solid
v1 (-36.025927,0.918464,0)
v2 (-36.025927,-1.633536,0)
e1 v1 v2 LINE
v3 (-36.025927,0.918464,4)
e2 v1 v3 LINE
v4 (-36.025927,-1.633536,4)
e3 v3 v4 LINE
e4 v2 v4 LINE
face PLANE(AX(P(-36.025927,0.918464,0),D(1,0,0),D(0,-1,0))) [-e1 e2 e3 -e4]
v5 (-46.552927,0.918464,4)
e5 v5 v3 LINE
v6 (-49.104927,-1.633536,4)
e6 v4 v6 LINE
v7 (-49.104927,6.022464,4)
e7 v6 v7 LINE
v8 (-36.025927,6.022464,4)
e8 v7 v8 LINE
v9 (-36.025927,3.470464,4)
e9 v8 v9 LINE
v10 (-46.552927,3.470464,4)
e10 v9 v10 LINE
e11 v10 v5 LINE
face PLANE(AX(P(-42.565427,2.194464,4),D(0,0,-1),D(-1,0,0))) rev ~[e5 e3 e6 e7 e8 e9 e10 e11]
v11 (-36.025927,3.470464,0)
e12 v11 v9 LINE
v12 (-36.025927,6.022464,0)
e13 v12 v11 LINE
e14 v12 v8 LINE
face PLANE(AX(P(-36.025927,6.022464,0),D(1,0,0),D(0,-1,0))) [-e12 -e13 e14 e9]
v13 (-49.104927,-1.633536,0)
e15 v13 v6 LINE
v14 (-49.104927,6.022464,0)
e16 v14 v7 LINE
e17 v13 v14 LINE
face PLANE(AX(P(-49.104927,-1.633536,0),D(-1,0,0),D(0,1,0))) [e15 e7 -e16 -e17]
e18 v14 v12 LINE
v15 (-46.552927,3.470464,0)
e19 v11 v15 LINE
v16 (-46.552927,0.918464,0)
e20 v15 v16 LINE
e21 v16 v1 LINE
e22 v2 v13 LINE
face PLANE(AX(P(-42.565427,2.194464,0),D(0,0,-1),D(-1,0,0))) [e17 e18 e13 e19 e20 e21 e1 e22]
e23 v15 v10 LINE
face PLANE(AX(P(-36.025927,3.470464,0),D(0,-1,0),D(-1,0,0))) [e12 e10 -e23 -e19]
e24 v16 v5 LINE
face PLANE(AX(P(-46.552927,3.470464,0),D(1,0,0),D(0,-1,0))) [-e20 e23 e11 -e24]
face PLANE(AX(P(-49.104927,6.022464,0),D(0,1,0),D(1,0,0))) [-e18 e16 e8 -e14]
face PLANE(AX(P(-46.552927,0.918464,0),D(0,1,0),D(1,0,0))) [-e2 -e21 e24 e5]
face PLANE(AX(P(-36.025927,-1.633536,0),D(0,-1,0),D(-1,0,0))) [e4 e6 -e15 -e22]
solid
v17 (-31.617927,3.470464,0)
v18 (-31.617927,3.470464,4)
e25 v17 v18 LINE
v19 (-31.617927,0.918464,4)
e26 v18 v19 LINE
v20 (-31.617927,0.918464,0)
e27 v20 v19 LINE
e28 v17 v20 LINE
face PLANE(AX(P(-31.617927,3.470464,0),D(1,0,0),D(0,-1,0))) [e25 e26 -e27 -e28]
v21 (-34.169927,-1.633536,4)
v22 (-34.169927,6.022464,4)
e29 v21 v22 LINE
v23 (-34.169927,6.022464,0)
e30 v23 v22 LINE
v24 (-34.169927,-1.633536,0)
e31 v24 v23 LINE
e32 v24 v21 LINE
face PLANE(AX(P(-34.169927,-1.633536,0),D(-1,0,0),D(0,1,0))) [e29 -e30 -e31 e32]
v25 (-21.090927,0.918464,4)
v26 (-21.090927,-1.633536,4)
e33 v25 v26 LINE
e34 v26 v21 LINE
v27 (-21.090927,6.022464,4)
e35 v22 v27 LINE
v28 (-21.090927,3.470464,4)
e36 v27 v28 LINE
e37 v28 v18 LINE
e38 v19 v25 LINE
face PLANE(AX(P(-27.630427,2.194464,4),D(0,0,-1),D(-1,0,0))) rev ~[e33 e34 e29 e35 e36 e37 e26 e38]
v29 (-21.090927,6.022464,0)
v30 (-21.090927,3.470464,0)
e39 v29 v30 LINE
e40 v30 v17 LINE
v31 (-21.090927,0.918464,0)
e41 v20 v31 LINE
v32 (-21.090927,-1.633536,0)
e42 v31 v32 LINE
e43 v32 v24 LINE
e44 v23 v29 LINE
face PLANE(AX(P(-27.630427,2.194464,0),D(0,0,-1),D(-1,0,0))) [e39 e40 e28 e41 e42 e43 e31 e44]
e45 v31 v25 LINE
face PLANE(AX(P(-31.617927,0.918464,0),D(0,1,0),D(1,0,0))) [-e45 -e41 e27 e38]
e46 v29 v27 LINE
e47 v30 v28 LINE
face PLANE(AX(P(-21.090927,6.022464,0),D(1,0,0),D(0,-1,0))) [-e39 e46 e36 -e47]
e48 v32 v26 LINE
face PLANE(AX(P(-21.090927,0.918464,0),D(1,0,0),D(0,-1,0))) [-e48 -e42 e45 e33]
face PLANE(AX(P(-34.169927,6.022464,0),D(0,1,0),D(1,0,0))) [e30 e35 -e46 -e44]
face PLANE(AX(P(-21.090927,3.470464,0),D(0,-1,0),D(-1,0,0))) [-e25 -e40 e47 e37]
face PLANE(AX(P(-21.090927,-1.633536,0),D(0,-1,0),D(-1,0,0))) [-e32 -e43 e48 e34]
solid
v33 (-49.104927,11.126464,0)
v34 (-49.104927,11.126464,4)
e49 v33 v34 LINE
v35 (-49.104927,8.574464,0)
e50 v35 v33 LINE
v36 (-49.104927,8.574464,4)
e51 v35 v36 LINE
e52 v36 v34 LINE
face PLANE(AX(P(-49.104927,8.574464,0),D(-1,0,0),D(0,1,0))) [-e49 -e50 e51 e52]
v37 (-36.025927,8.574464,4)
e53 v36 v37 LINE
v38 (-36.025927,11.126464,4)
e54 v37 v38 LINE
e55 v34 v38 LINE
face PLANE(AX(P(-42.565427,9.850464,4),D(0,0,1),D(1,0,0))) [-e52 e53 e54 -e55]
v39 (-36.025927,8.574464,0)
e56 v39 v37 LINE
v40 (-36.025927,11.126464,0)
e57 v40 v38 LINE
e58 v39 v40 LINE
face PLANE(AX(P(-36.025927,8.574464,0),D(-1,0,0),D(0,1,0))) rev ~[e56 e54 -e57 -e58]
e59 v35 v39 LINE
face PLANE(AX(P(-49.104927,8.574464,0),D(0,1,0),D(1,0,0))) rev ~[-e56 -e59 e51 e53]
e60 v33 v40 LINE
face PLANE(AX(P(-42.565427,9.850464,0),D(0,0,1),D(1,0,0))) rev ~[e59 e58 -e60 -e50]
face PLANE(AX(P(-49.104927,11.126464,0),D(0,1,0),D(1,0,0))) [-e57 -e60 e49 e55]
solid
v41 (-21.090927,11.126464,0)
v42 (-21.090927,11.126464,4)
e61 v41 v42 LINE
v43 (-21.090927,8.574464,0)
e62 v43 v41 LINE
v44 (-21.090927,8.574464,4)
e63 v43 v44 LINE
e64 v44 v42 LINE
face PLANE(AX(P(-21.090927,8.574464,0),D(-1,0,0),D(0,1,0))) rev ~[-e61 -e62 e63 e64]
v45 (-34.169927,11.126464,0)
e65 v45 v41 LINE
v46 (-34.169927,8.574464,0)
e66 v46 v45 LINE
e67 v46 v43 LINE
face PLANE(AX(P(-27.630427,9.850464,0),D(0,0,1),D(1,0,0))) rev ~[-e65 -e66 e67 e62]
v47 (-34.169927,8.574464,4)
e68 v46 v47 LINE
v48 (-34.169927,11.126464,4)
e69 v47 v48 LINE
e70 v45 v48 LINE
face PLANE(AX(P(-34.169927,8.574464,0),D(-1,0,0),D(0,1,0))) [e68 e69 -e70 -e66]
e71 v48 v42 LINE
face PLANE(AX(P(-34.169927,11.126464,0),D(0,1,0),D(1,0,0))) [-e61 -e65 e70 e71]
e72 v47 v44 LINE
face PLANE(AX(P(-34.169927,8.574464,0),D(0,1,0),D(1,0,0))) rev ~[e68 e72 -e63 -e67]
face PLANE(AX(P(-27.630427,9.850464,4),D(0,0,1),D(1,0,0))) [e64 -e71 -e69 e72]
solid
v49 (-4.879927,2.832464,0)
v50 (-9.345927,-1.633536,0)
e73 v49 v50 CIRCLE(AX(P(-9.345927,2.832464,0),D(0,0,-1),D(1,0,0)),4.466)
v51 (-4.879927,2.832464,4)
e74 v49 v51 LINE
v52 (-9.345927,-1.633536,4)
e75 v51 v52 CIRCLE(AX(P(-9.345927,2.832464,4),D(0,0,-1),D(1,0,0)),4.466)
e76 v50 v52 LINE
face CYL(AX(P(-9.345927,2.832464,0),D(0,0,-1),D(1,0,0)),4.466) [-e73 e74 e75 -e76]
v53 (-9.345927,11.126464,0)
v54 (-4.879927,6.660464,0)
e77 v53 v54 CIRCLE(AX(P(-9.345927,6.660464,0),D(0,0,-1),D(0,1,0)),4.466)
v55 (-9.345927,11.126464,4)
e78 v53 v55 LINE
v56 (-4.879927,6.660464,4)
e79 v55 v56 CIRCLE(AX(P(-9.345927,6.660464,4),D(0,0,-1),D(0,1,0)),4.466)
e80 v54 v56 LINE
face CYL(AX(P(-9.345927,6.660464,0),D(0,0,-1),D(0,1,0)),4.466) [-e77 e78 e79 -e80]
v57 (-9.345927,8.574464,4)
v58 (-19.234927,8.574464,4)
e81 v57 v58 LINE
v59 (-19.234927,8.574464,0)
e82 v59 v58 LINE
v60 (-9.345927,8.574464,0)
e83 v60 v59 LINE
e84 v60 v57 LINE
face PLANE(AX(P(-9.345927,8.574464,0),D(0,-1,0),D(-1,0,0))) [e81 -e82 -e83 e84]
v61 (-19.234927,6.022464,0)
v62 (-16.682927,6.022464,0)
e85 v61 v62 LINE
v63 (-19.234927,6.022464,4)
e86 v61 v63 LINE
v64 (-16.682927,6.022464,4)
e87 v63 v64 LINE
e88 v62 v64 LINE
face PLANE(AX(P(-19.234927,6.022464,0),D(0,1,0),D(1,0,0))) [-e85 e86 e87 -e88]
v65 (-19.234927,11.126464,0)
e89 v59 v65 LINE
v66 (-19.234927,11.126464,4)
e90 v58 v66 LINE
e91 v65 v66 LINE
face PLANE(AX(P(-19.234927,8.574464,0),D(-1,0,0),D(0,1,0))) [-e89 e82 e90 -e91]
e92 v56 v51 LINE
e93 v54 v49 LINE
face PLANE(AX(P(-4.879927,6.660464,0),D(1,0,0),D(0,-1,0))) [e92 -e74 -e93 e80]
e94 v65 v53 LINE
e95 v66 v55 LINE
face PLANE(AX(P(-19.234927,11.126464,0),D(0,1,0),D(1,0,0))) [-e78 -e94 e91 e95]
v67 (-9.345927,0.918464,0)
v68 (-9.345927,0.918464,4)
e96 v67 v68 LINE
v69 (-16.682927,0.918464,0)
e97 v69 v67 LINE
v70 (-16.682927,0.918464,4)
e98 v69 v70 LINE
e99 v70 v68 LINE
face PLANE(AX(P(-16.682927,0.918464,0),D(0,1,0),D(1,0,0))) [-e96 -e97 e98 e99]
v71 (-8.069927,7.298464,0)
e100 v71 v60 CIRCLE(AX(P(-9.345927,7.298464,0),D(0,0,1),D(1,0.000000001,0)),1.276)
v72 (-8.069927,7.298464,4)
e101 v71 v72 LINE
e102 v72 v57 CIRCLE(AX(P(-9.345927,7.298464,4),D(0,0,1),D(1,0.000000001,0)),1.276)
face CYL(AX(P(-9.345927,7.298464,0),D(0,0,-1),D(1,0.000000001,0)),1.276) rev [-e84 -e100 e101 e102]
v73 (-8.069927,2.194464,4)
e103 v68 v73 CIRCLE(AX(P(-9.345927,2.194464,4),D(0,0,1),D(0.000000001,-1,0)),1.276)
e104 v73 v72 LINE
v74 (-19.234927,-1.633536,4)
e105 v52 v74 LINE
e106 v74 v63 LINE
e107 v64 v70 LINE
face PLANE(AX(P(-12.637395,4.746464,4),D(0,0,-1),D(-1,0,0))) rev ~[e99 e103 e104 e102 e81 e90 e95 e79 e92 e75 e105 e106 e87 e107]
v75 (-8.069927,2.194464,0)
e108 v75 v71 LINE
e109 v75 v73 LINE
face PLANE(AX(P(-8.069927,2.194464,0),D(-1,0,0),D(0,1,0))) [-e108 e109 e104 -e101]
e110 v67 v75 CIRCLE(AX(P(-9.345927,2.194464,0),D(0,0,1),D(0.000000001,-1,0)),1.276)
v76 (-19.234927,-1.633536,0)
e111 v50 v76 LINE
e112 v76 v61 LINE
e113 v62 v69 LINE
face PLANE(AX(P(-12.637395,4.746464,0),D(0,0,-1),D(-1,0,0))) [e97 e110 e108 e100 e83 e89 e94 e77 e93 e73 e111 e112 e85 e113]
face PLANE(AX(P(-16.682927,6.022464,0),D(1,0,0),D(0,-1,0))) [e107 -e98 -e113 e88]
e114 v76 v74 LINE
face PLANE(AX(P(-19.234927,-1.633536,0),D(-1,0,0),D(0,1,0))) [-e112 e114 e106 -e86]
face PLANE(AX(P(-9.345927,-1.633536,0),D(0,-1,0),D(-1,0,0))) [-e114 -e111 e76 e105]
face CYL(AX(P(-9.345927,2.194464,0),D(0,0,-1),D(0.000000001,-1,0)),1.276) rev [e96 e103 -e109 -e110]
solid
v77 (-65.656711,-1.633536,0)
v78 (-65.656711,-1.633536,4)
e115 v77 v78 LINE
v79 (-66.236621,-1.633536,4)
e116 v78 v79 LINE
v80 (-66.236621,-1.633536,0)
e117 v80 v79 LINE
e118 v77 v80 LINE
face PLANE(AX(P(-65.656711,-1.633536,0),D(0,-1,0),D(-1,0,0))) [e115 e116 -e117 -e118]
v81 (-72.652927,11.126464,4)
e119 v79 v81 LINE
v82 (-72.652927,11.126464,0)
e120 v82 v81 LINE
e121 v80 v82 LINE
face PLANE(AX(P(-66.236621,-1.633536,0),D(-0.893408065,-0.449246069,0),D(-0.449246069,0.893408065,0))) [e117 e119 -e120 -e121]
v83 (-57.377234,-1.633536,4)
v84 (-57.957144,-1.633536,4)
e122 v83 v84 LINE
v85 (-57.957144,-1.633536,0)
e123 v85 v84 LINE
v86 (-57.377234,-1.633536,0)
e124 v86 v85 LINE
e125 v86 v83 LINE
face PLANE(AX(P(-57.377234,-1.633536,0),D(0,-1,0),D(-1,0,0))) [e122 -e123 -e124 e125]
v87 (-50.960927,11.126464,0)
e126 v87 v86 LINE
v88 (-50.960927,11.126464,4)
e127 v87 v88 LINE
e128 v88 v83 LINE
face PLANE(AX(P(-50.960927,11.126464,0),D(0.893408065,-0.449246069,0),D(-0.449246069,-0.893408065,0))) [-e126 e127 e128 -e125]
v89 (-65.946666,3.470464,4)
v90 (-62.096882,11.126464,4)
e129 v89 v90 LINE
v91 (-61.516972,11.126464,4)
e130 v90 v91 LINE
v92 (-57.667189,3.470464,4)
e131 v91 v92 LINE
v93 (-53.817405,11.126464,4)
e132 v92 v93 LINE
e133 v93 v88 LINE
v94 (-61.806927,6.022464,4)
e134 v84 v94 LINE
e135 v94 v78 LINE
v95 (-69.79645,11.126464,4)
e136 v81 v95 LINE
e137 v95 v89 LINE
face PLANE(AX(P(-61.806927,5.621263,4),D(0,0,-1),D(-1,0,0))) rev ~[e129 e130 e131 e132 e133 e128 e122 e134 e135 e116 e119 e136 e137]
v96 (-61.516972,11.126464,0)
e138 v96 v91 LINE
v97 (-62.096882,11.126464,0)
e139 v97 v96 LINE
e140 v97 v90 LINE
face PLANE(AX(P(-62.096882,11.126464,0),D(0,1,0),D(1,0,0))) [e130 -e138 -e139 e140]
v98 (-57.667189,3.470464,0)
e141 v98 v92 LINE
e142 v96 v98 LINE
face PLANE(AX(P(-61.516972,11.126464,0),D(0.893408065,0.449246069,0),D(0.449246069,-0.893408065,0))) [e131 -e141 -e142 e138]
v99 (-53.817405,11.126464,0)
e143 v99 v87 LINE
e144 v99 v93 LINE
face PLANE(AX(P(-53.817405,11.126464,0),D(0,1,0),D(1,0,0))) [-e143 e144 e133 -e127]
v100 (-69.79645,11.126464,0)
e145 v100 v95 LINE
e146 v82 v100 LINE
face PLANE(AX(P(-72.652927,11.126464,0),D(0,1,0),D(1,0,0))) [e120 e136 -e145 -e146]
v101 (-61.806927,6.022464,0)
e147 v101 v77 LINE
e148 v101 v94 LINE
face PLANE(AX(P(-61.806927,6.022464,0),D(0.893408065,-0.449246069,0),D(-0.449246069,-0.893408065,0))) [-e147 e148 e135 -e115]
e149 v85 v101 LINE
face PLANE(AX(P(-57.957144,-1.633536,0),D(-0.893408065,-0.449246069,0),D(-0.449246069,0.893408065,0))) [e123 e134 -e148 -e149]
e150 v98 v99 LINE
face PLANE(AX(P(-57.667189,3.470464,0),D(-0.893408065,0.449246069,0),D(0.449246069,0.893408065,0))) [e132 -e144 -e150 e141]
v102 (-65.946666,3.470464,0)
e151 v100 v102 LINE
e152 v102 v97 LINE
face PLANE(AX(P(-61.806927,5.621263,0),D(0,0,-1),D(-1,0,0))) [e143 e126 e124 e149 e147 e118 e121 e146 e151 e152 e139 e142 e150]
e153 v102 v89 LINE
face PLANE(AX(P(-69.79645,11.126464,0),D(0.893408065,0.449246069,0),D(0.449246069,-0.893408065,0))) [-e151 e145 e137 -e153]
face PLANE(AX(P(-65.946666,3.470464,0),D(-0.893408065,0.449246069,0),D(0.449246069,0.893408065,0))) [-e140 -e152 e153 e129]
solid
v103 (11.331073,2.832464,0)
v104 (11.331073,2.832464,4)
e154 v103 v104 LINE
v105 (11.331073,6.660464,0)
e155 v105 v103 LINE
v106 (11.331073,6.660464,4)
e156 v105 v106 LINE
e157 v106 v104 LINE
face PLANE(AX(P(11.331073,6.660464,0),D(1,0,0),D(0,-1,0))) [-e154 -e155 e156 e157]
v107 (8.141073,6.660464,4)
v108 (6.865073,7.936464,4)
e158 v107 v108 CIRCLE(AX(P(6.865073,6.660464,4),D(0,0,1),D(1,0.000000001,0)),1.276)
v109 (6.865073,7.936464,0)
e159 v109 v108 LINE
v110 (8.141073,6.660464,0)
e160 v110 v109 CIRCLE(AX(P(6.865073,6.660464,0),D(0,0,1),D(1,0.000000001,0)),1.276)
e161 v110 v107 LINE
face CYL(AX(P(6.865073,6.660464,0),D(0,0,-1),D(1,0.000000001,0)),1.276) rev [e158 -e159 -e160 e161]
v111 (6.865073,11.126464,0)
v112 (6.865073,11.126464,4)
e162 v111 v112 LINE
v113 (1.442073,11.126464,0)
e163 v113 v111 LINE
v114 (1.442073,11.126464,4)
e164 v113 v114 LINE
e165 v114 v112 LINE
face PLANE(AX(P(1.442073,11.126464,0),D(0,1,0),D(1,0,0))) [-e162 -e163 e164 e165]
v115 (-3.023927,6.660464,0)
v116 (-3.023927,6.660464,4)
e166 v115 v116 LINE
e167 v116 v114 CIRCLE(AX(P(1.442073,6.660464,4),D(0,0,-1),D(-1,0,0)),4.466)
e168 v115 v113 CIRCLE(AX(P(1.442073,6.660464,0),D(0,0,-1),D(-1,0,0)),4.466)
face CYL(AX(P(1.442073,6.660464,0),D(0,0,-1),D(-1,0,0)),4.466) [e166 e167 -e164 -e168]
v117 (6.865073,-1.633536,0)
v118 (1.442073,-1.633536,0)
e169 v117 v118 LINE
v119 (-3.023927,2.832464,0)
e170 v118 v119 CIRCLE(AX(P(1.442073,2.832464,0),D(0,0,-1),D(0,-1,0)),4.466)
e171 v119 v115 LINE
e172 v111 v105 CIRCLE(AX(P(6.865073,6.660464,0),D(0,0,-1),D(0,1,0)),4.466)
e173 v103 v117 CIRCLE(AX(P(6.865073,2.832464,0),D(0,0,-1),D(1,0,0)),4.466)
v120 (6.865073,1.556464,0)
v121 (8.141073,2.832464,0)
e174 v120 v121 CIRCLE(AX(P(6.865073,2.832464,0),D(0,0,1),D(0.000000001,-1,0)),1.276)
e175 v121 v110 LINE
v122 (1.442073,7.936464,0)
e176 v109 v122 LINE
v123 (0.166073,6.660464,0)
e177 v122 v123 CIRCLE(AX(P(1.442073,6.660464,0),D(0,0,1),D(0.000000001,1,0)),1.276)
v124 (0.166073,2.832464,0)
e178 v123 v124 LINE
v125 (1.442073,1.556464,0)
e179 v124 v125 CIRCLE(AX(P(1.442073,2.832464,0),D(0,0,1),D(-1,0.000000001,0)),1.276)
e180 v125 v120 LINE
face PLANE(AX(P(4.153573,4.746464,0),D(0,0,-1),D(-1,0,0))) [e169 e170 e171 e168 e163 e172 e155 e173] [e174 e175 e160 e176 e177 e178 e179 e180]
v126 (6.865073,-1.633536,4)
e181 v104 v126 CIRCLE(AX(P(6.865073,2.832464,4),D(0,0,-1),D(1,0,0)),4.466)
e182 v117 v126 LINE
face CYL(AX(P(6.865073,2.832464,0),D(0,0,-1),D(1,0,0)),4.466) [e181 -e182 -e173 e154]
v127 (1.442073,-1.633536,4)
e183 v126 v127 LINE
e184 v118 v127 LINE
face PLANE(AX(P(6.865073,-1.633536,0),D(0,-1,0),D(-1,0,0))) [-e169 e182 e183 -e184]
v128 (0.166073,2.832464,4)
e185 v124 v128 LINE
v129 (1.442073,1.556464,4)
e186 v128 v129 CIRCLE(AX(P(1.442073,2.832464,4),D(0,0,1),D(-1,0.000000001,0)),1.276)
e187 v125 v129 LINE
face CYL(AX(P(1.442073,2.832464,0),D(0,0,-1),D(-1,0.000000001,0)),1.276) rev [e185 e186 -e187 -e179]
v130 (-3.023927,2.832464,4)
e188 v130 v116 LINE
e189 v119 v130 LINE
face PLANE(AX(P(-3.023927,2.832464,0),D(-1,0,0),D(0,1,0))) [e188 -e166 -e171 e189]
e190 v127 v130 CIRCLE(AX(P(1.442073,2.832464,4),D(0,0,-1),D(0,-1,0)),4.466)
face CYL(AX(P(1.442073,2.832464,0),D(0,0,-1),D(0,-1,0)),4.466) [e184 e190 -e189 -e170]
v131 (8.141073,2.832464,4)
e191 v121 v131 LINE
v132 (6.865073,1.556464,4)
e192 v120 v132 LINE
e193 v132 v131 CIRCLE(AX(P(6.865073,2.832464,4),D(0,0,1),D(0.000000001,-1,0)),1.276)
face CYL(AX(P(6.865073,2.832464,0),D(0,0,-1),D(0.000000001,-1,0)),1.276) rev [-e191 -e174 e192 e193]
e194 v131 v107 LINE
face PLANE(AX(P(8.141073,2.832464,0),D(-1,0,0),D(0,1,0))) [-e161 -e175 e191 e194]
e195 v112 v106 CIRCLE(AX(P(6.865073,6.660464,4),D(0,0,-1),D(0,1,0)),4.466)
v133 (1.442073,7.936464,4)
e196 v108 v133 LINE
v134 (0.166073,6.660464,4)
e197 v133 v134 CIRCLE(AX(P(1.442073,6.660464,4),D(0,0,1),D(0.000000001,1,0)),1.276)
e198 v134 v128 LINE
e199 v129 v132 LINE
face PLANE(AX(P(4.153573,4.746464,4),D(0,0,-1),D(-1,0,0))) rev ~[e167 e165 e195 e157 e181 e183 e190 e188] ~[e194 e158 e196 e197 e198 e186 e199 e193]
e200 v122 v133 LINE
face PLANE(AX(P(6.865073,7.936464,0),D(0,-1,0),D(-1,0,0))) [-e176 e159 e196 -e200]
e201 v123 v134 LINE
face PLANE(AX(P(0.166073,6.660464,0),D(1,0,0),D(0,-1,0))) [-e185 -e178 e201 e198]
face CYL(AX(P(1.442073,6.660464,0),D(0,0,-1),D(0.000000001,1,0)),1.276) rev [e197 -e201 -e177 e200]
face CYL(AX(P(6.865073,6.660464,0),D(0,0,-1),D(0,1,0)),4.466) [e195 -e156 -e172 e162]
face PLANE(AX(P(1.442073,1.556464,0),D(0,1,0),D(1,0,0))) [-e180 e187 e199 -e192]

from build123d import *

# Parameters (mm, degrees)
EXTRUDE_1_DEPTH   = 4
EXTRUDE_1_2_DEPTH = 4
EXTRUDE_1_3_DEPTH = 4
SKETCH_1_W        = 13.079
SKETCH_1_H        = 2.552
EXTRUDE_1_4_DEPTH = 4
EXTRUDE_1_5_DEPTH = 4
EXTRUDE_1_6_DEPTH = 4
EXTRUDE_1_7_DEPTH = 4


with BuildPart() as part:
    # 草图1 → 凸台-拉伸1 (new body)
    with BuildSketch(Plane.XY):
        Polygon((-50.96092739, 11.126463695), (-57.377233738, -1.633536305), (-57.957143582, -1.633536305), (-61.80692739, 6.022463695), (-65.656711199, -1.633536305), (-66.236621043, -1.633536305), (-72.65292739, 11.126463695), (-69.796449929, 11.126463695), (-65.946666121, 3.470463695), (-62.096882313, 11.126463695), (-61.516972468, 11.126463695), (-57.66718866, 3.470463695), (-53.817404851, 11.126463695), align=None)
    extrude(amount=EXTRUDE_1_DEPTH)


with BuildPart() as body_2:
    # 草图1 → Extrude 1 2 (new body)
    with BuildSketch(Plane.XY):
        with BuildLine():
            Line((-19.23492739, 11.126463695), (-9.34592739, 11.126463695))
            ThreePointArc((-9.34592739, 11.126463695), (-6.187988506, 9.81840258), (-4.87992739, 6.660463695))
            Line((-4.87992739, 6.660463695), (-4.87992739, 2.832463695))
            ThreePointArc((-4.87992739, 2.832463695), (-6.187988506, -0.32547519), (-9.34592739, -1.633536305))
            Line((-9.34592739, -1.633536305), (-19.23492739, -1.633536305))
            Line((-19.23492739, -1.633536305), (-19.23492739, 6.022463695))
            Line((-19.23492739, 6.022463695), (-16.68292739, 6.022463695))
            Line((-16.68292739, 6.022463695), (-16.68292739, 0.918463695))
            Line((-16.68292739, 0.918463695), (-9.34592739, 0.918463695))
            ThreePointArc((-9.34592739, 0.918463695), (-8.443659138, 1.292195442), (-8.06992739, 2.194463695))
            Line((-8.06992739, 2.194463695), (-8.06992739, 7.298463695))
            ThreePointArc((-8.06992739, 7.298463695), (-8.443659138, 8.200731948), (-9.34592739, 8.574463695))
            Line((-9.34592739, 8.574463695), (-19.23492739, 8.574463695))
            Line((-19.23492739, 8.574463695), (-19.23492739, 11.126463695))
        make_face()
    extrude(amount=EXTRUDE_1_2_DEPTH)


with BuildPart() as body_3:
    # 草图1 → Extrude 1 3 (new body)
    with BuildSketch(Plane.XY):
        Polygon((-21.09092739, -1.633536305), (-34.16992739, -1.633536305), (-34.16992739, 6.022463695), (-21.09092739, 6.022463695), (-21.09092739, 3.470463695), (-31.61792739, 3.470463695), (-31.61792739, 0.918463695), (-21.09092739, 0.918463695), align=None)
    extrude(amount=EXTRUDE_1_3_DEPTH)


with BuildPart() as body_4:
    # 草图1 → Extrude 1 4 (new body)
    with BuildSketch(Plane.XY):
        with Locations((-42.56542739, 9.850463695)):
            Rectangle(SKETCH_1_W, SKETCH_1_H)
    extrude(amount=EXTRUDE_1_4_DEPTH)


with BuildPart() as body_5:
    # 草图1 → Extrude 1 5 (new body)
    with BuildSketch(Plane.XY):
        Polygon((-36.02592739, 3.470463695), (-46.55292739, 3.470463695), (-46.55292739, 0.918463695), (-36.02592739, 0.918463695), (-36.02592739, -1.633536305), (-49.10492739, -1.633536305), (-49.10492739, 6.022463695), (-36.02592739, 6.022463695), align=None)
    extrude(amount=EXTRUDE_1_5_DEPTH)


with BuildPart() as body_6:
    # 草图1 → Extrude 1 6 (new body)
    with BuildSketch(Plane.XY):
        with Locations((-27.63042739, 9.850463695)):
            Rectangle(SKETCH_1_W, SKETCH_1_H)
    extrude(amount=EXTRUDE_1_6_DEPTH)


with BuildPart() as body_7:
    # 草图1 → Extrude 1 7 (new body)
    with BuildSketch(Plane.XY):
        with BuildLine():
            Line((-3.02392739, 2.832463695), (-3.02392739, 6.660463695))
            ThreePointArc((-3.02392739, 6.660463695), (-1.715866275, 9.81840258), (1.44207261, 11.126463695))
            Line((1.44207261, 11.126463695), (6.86507261, 11.126463695))
            ThreePointArc((6.86507261, 11.126463695), (10.023011494, 9.81840258), (11.33107261, 6.660463695))
            Line((11.33107261, 6.660463695), (11.33107261, 2.832463695))
            ThreePointArc((11.33107261, 2.832463695), (10.023011494, -0.32547519), (6.86507261, -1.633536305))
            Line((6.86507261, -1.633536305), (1.44207261, -1.633536305))
            ThreePointArc((1.44207261, -1.633536305), (-1.715866275, -0.32547519), (-3.02392739, 2.832463695))
        make_face()
        with BuildLine():
            Line((1.44207261, 1.556463695), (6.86507261, 1.556463695))
            ThreePointArc((6.86507261, 1.556463695), (7.767340862, 1.930195442), (8.14107261, 2.832463695))
            Line((8.14107261, 2.832463695), (8.14107261, 6.660463695))
            ThreePointArc((8.14107261, 6.660463695), (7.767340862, 7.562731948), (6.86507261, 7.936463695))
            Line((6.86507261, 7.936463695), (1.44207261, 7.936463695))
            ThreePointArc((1.44207261, 7.936463695), (0.539804357, 7.562731948), (0.16607261, 6.660463695))
            Line((0.16607261, 6.660463695), (0.16607261, 2.832463695))
            ThreePointArc((0.16607261, 2.832463695), (0.539804357, 1.930195442), (1.44207261, 1.556463695))
        make_face(mode=Mode.SUBTRACT)
    extrude(amount=EXTRUDE_1_7_DEPTH)


solid = Compound([part.part, body_2.part, body_3.part, body_4.part, body_5.part, body_6.part, body_7.part])
